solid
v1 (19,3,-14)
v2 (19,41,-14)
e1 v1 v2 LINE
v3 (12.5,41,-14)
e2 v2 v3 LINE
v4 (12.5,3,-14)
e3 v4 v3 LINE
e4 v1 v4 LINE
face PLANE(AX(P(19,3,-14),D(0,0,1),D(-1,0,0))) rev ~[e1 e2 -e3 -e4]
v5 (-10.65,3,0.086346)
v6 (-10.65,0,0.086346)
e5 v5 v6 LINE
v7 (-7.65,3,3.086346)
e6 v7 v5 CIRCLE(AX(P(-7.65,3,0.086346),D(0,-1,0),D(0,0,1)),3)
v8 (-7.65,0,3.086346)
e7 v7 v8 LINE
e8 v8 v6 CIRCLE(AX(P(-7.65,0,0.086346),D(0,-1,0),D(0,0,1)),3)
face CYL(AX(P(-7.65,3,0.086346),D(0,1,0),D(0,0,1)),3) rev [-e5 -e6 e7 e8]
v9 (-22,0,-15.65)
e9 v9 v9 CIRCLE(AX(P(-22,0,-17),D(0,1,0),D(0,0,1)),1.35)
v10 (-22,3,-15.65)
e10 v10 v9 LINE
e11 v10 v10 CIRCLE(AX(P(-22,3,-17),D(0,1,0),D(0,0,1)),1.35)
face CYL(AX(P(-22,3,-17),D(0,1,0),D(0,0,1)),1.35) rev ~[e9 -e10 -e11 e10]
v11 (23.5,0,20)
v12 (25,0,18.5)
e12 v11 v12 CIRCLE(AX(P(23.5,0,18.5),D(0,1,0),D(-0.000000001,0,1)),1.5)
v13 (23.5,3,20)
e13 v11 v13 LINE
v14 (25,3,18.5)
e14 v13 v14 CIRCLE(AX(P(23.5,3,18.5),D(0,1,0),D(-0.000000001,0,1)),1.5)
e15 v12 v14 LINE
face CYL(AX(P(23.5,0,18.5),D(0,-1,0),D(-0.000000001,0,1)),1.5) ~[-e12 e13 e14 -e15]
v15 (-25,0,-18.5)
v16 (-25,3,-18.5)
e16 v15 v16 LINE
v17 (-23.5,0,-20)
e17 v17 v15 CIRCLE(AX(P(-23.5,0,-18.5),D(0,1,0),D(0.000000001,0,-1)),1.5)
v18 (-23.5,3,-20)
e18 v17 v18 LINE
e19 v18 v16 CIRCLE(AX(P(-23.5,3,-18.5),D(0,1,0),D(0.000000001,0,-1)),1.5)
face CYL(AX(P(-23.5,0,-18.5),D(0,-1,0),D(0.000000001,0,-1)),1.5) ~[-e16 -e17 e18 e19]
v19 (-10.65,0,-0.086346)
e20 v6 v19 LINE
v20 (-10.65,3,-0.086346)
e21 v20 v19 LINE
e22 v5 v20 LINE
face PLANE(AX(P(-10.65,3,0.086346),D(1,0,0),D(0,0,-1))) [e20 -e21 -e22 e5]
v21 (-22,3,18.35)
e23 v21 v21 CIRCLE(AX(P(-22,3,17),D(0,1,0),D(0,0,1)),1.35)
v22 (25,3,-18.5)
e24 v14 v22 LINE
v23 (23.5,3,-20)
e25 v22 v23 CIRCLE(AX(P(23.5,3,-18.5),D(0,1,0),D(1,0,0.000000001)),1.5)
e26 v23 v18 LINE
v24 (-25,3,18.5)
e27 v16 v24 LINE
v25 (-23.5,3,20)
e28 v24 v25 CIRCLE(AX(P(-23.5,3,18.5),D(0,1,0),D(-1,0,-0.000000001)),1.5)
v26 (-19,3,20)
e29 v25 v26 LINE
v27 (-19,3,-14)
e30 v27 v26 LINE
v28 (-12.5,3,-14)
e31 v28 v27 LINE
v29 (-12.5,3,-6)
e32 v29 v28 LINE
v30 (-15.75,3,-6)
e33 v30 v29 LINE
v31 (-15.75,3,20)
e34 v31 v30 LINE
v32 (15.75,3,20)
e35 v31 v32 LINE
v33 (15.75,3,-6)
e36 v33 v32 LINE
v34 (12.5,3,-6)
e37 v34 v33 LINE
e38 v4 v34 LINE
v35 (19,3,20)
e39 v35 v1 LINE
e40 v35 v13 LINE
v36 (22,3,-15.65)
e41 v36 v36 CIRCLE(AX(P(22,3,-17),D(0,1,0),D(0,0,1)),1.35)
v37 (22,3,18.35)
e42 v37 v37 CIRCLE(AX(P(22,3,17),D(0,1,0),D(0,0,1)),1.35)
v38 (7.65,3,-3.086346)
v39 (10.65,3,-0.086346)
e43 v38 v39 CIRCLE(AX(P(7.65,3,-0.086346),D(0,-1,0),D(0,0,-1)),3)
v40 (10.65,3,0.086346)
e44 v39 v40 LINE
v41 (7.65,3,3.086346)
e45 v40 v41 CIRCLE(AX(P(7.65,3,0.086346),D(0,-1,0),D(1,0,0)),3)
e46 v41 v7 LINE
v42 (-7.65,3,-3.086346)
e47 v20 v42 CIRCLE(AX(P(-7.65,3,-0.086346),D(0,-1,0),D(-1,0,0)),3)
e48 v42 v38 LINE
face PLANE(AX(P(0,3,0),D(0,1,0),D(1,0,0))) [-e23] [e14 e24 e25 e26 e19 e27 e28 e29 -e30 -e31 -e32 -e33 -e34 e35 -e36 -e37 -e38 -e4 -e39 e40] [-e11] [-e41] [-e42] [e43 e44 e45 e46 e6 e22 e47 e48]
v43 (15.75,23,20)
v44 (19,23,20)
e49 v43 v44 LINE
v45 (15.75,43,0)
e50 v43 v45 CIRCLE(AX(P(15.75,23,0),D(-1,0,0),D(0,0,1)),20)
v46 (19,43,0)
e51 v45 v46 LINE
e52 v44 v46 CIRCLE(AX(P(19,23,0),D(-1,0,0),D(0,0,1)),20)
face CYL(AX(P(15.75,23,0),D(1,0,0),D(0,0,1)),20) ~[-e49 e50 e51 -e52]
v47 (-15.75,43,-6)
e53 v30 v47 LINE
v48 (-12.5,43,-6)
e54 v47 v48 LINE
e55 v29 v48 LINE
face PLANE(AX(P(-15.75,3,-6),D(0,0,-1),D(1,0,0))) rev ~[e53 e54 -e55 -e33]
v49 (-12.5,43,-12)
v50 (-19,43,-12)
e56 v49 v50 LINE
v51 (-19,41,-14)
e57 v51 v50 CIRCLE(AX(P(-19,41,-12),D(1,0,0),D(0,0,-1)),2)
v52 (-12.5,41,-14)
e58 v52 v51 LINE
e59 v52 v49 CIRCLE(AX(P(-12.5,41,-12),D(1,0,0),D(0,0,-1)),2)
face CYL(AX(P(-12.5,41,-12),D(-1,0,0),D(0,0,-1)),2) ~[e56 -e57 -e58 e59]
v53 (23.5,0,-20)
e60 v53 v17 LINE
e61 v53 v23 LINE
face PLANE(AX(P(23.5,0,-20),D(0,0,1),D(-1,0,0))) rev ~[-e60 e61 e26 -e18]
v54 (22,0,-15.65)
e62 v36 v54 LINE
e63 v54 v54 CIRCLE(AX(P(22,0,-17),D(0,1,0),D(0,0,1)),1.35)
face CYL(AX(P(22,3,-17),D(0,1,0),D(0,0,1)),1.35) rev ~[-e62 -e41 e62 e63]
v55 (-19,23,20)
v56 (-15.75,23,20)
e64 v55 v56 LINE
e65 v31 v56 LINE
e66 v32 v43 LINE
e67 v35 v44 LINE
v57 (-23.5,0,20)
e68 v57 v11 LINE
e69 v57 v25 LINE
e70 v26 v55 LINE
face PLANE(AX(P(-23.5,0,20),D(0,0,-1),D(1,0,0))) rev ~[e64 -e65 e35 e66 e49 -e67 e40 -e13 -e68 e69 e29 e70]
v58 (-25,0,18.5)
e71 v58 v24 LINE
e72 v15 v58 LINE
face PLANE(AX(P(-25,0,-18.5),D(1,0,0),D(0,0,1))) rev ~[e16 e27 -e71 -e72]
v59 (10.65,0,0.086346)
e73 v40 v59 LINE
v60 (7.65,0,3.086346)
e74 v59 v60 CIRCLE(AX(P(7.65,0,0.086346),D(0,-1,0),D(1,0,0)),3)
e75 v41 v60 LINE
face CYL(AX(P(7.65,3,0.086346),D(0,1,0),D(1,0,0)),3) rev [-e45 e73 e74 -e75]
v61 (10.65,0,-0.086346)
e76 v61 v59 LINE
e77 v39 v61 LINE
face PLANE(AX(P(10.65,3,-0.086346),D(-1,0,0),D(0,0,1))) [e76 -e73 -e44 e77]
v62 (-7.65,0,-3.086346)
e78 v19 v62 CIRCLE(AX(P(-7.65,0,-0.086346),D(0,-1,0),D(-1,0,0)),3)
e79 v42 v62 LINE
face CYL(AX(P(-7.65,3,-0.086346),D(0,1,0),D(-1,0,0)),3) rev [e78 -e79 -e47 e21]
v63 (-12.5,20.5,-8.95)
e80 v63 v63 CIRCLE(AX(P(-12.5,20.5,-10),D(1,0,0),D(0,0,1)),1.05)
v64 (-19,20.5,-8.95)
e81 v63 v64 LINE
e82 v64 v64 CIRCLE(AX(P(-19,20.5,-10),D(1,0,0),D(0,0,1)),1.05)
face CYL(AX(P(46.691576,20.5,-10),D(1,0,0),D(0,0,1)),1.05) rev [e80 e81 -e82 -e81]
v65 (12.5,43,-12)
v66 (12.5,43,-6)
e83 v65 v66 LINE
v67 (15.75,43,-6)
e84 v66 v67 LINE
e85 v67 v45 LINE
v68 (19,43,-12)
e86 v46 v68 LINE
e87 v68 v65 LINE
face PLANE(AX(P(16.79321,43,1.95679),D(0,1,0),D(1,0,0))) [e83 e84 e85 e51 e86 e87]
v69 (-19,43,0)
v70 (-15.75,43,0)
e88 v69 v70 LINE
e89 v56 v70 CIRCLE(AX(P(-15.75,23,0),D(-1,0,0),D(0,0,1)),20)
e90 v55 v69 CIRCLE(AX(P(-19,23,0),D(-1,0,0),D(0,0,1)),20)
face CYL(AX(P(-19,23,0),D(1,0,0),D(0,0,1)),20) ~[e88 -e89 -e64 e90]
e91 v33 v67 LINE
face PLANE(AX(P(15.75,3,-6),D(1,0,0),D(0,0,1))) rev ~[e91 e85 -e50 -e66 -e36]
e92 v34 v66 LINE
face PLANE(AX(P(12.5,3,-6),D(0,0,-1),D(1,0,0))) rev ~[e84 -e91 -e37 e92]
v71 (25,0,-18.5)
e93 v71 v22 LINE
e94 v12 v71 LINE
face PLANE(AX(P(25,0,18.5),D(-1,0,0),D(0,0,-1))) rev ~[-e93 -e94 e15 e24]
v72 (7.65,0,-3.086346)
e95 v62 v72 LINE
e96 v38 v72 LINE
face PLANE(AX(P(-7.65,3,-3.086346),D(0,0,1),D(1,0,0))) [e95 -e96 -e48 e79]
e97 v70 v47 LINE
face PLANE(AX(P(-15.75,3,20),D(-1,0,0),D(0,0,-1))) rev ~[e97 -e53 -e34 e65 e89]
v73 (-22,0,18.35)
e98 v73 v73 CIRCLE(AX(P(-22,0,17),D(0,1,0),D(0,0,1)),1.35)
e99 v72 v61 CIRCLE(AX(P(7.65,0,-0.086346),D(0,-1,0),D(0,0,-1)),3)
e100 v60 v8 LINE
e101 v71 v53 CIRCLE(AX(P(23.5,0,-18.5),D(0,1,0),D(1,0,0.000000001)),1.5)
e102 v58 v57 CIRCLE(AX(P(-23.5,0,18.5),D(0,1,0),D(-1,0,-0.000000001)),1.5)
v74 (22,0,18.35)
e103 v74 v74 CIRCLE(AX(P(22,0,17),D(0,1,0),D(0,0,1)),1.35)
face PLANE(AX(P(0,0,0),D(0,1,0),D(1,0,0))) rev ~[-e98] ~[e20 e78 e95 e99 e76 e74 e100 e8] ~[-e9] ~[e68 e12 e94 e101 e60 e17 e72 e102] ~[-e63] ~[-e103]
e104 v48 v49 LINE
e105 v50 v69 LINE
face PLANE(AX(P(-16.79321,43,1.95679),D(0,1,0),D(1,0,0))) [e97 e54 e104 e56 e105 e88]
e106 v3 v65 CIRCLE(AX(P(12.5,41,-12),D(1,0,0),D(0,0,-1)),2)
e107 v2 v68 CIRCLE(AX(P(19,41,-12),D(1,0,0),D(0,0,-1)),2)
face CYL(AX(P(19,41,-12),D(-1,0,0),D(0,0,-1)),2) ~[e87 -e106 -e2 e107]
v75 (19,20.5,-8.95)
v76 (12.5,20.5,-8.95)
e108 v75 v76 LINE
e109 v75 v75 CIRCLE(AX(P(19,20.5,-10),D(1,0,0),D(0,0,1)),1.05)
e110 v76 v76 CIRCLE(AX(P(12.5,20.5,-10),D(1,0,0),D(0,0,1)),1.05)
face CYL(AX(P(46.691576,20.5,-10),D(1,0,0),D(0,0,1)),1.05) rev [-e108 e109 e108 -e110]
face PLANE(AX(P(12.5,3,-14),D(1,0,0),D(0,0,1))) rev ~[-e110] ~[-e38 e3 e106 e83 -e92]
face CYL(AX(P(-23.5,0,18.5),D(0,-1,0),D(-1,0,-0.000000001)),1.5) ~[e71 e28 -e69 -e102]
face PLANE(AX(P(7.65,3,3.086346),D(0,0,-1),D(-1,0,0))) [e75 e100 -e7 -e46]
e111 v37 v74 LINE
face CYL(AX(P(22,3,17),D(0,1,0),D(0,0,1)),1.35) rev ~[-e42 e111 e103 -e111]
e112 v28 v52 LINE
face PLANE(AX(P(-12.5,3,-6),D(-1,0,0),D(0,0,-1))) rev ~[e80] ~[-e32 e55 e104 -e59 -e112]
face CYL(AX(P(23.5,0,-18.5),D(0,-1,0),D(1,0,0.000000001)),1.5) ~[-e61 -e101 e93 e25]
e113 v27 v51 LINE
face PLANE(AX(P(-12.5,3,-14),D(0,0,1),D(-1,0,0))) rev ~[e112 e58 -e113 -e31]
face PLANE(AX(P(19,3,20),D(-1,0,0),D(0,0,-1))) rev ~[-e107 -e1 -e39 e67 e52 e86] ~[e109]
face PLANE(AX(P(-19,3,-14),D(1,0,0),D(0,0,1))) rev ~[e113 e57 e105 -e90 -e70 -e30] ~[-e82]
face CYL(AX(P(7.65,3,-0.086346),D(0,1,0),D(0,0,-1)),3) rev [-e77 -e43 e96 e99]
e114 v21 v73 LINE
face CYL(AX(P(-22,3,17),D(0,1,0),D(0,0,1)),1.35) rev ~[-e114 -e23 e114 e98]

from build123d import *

# Parameters (mm, degrees)
DODANIE_WYCI_GNI_CIE1_DEPTH     = 3
SZKIC2_R                        = 1.35
WYTNIJ_WYCI_GNI_CIE1_DEPTH      = 3
DODANIE_WYCI_GNI_CIE2_DEPTH     = 40
WYTNIJ_WYCI_GNI_CIE4_DEPTH      = 65.691575959
WYTNIJ_WYCI_GNI_CIE4_DEPTH_BACK = 65.691575959
SZKIC6_R                        = 1.05
ZAOKR_GLENIE8_R                 = 20
ZAOKR_GLENIE9_R                 = 20
ZAOKR_GLENIE10_R                = 2
ZAOKR_GLENIE11_R                = 2


with BuildPart() as part:
    # Szkic1 → Dodanie-wyciągnięcie1 (new body)
    with BuildSketch(Plane(origin=(0, 0, 0), x_dir=(1, 0, 0), z_dir=(0, 1, 0))):
        with BuildLine():
            Line((-23.5, -20), (23.5, -20))
            ThreePointArc((23.5, -20), (24.560660172, -19.560660172), (25, -18.5))
            Line((25, -18.5), (25, 18.5))
            ThreePointArc((25, 18.5), (24.560660172, 19.560660172), (23.5, 20))
            Line((23.5, 20), (-23.5, 20))
            ThreePointArc((-23.5, 20), (-24.560660172, 19.560660172), (-25, 18.5))
            Line((-25, 18.5), (-25, -18.5))
            ThreePointArc((-25, -18.5), (-24.560660172, -19.560660172), (-23.5, -20))
        make_face()
    extrude(amount=DODANIE_WYCI_GNI_CIE1_DEPTH)

    # Szkic2 → Wytnij-wyciągnięcie1 (cut)
    with BuildSketch(Plane(origin=(0, 3, 0), x_dir=(1, 0, 0), z_dir=(0, 1, 0))):
        with Locations(Location((-22, 17, 0), (0, 0, 270))):
            Circle(SZKIC2_R)
        with Locations(Location((22, 17, 0), (0, 0, 270))):
            Circle(SZKIC2_R)
        with Locations(Location((-22, -17, 0), (0, 0, 270))):
            Circle(SZKIC2_R)
        with Locations(Location((22, -17, 0), (0, 0, 270))):
            Circle(SZKIC2_R)
        with BuildLine():
            Line((7.65, -3.086345678), (-7.65, -3.086345678))
            ThreePointArc((-7.65, -3.086345678), (-9.771320344, -2.207666021), (-10.65, -0.086345678))
            Line((-10.65, -0.086345678), (-10.65, 0.086345678))
            ThreePointArc((-10.65, 0.086345678), (-9.771320344, 2.207666021), (-7.65, 3.086345678))
            Line((-7.65, 3.086345678), (7.65, 3.086345678))
            ThreePointArc((7.65, 3.086345678), (9.771320344, 2.207666021), (10.65, 0.086345678))
            Line((10.65, 0.086345678), (10.65, -0.086345678))
            ThreePointArc((10.65, -0.086345678), (9.771320344, -2.207666021), (7.65, -3.086345678))
        make_face()
    extrude(amount=-WYTNIJ_WYCI_GNI_CIE1_DEPTH, mode=Mode.SUBTRACT)

    # Szkic3 → Dodanie-wyciągnięcie2 (add)
    with BuildSketch(Plane(origin=(0, 3, 0), x_dir=(1, 0, 0), z_dir=(0, 1, 0))):
        Polygon((-15.75, 6), (-12.5, 6), (-12.5, 14), (-19, 14), (-19, -20), (-15.75, -20), align=None)
        Polygon((15.75, 6), (15.75, -20), (19, -20), (19, 14), (12.5, 14), (12.5, 6), align=None)
    extrude(amount=DODANIE_WYCI_GNI_CIE2_DEPTH)

    # Szkic6 → Wytnij-wyciągnięcie4 (cut, two sides: drawn at the far end of the back side and taken through both)
    with BuildSketch(Plane.ZY.offset(19).offset(-WYTNIJ_WYCI_GNI_CIE4_DEPTH_BACK)):
        with Locations((-10, 20.5)):
            Circle(SZKIC6_R)
    extrude(amount=WYTNIJ_WYCI_GNI_CIE4_DEPTH + WYTNIJ_WYCI_GNI_CIE4_DEPTH_BACK, mode=Mode.SUBTRACT)

    # Zaokrąglenie8
    zaokr_glenie8_edges = [part.edges().sort_by_distance(p)[0] for p in [
        (-17.375, 43, 20),
    ]]
    fillet(zaokr_glenie8_edges, radius=ZAOKR_GLENIE8_R)

    # Zaokrąglenie9
    zaokr_glenie9_edges = [part.edges().sort_by_distance(p)[0] for p in [
        (17.375, 43, 20),
    ]]
    fillet(zaokr_glenie9_edges, radius=ZAOKR_GLENIE9_R)

    # Zaokrąglenie10
    zaokr_glenie10_edges = [part.edges().sort_by_distance(p)[0] for p in [
        (-15.75, 43, -14),
    ]]
    fillet(zaokr_glenie10_edges, radius=ZAOKR_GLENIE10_R)

    # Zaokrąglenie11
    zaokr_glenie11_edges = [part.edges().sort_by_distance(p)[0] for p in [
        (15.75, 43, -14),
    ]]
    fillet(zaokr_glenie11_edges, radius=ZAOKR_GLENIE11_R)


solid = part.part
